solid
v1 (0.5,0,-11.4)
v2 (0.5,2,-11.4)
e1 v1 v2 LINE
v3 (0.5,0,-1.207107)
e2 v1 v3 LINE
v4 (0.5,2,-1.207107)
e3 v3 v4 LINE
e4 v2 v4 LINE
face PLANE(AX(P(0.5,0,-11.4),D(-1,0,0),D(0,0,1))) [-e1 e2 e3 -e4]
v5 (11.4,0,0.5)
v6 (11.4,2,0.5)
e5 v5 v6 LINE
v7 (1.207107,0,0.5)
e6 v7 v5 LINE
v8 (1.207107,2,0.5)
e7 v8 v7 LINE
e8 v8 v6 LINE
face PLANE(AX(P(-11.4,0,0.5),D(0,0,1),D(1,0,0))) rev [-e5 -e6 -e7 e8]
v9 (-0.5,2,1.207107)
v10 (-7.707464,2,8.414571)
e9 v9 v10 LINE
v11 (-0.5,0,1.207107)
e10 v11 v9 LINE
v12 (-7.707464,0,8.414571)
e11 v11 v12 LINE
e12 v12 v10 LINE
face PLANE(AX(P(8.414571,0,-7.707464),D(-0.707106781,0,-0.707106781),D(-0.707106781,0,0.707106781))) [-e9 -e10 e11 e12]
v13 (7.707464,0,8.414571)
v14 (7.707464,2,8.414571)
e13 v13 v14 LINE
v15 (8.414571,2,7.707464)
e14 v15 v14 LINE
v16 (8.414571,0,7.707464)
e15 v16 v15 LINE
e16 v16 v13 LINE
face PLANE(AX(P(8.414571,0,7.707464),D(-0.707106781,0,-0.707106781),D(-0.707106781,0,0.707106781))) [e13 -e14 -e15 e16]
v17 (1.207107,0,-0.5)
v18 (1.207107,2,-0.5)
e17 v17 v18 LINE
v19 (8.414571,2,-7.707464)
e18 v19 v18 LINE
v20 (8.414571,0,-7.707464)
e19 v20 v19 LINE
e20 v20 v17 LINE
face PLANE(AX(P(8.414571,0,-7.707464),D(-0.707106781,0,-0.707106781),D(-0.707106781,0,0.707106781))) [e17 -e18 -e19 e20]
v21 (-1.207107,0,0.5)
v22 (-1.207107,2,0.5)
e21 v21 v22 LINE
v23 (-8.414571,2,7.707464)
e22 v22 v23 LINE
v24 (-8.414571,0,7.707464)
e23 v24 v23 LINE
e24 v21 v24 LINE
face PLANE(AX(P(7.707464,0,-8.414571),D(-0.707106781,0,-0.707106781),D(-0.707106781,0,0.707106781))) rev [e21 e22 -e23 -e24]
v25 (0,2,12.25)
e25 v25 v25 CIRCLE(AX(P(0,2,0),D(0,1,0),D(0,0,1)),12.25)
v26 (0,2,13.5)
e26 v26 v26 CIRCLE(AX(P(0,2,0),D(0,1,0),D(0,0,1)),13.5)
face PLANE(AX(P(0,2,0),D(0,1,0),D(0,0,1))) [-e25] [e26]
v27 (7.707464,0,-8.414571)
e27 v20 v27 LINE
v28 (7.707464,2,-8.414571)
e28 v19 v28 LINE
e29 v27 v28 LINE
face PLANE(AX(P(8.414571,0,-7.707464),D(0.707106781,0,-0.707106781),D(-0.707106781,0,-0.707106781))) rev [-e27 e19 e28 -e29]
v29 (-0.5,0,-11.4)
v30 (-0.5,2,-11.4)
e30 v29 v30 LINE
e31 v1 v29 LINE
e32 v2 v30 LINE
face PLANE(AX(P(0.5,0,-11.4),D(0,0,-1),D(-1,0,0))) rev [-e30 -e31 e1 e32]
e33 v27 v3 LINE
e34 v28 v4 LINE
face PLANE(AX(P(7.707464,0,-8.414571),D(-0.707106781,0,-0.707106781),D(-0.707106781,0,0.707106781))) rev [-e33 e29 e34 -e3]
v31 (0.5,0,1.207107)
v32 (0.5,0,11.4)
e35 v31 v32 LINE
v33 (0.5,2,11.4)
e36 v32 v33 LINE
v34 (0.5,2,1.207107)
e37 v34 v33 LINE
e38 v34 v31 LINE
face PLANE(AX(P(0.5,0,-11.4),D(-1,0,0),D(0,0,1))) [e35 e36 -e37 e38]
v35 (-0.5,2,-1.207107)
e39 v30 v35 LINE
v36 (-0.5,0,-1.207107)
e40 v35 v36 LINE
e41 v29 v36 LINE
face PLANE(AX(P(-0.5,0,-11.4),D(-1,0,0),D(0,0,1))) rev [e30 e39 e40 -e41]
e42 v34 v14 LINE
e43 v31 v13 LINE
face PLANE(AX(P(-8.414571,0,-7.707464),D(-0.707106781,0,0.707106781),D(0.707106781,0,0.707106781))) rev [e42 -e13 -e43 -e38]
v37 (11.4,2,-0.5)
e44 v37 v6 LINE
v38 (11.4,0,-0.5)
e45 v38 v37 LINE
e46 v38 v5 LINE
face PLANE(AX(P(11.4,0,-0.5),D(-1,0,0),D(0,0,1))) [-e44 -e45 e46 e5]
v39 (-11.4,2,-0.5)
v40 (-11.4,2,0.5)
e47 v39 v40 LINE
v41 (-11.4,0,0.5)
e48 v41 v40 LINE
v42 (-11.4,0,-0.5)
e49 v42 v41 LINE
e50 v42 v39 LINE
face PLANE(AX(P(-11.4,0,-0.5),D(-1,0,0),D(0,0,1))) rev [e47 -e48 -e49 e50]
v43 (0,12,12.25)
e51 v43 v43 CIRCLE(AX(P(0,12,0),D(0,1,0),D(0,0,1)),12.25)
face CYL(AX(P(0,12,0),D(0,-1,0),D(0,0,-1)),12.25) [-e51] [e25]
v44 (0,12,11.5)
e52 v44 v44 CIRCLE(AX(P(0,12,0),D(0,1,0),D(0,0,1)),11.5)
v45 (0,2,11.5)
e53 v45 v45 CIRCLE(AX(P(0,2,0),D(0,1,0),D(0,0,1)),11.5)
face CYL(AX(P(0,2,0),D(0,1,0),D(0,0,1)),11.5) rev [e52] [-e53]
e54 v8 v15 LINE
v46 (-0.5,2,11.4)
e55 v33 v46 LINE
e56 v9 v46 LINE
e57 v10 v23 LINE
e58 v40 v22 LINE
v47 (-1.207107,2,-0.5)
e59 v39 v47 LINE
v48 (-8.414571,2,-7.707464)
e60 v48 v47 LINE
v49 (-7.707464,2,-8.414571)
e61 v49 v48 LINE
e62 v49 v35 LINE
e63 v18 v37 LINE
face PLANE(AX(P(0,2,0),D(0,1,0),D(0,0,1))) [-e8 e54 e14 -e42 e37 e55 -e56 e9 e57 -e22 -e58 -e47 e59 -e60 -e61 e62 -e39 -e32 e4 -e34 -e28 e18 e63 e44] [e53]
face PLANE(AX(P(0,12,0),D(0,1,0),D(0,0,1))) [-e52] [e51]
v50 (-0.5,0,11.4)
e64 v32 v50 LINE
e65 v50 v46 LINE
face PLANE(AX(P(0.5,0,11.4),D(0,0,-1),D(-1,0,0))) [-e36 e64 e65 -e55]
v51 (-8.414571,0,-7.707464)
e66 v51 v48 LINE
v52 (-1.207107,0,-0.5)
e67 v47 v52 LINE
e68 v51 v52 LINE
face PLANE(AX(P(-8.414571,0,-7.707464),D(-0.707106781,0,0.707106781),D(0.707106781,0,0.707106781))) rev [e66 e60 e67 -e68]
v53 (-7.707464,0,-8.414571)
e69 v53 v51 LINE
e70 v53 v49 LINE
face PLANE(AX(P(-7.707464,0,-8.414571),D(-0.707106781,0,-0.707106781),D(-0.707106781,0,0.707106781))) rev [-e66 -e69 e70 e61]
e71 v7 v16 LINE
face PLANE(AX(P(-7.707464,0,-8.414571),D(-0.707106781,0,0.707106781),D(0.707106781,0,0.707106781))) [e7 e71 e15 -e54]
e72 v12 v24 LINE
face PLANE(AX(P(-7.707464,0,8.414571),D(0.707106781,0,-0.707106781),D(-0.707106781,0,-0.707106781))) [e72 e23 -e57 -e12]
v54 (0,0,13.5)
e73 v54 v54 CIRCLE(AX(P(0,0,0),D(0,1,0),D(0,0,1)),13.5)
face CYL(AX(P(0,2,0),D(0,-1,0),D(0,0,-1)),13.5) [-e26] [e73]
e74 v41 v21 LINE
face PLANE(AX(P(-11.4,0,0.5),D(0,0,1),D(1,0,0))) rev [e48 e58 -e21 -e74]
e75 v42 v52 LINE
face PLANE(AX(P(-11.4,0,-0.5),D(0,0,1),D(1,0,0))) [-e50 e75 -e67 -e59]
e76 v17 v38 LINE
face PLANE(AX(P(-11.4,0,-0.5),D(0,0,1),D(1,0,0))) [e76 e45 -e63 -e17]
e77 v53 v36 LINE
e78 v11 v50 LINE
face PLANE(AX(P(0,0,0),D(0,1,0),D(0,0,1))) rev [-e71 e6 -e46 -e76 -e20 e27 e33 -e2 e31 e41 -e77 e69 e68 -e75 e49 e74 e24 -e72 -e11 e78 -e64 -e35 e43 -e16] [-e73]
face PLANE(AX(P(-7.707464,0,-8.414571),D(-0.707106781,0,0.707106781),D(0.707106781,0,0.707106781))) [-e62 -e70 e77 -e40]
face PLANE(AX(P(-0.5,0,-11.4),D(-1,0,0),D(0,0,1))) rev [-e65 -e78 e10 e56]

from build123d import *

# Parameters (mm, degrees)
SKETCH1_R           = 13.5
BOSS_EXTRUDE1_DEPTH = 2
SKETCH2_W           = 22.8
SKETCH2_H           = 1
SKETCH2_W_2         = 1
SKETCH2_H_2         = 22.8
CUT_EXTRUDE7_DEPTH  = 2
SKETCH3_R           = 12.25
BOSS_EXTRUDE2_DEPTH = 10
SKETCH4_R           = 11.5
CUT_EXTRUDE8_DEPTH  = 10


with BuildPart() as part:
    # Sketch1 → Boss-Extrude1 (new body)
    with BuildSketch(Plane(origin=(0, 0, 0), x_dir=(1, 0, 0), z_dir=(0, 1, 0))):
        Circle(SKETCH1_R)
    extrude(amount=BOSS_EXTRUDE1_DEPTH)

    # Sketch2 → Cut-Extrude7 (cut)
    with BuildSketch(Plane(origin=(0, 2, 0), x_dir=(1, 0, 0), z_dir=(0, 1, 0))):
        Polygon((-8.414570696, 7.707463915), (7.707463915, -8.414570696), (8.414570696, -7.707463915), (-7.707463915, 8.414570696), align=None)
        Rectangle(SKETCH2_W, SKETCH2_H)
        Rectangle(SKETCH2_W_2, SKETCH2_H_2)
        Polygon((7.707463915, 8.414570696), (-8.414570696, -7.707463915), (-7.707463915, -8.414570696), (8.414570696, 7.707463915), align=None)
    extrude(amount=-CUT_EXTRUDE7_DEPTH, mode=Mode.SUBTRACT)

    # Sketch3 → Boss-Extrude2 (add)
    with BuildSketch(Plane(origin=(0, 2, 0), x_dir=(1, 0, 0), z_dir=(0, 1, 0))):
        Circle(SKETCH3_R)
    extrude(amount=BOSS_EXTRUDE2_DEPTH)

    # Sketch4 → Cut-Extrude8 (cut)
    with BuildSketch(Plane(origin=(0, 12, 0), x_dir=(1, 0, 0), z_dir=(0, 1, 0))):
        Circle(SKETCH4_R)
    extrude(amount=-CUT_EXTRUDE8_DEPTH, mode=Mode.SUBTRACT)


solid = part.part
